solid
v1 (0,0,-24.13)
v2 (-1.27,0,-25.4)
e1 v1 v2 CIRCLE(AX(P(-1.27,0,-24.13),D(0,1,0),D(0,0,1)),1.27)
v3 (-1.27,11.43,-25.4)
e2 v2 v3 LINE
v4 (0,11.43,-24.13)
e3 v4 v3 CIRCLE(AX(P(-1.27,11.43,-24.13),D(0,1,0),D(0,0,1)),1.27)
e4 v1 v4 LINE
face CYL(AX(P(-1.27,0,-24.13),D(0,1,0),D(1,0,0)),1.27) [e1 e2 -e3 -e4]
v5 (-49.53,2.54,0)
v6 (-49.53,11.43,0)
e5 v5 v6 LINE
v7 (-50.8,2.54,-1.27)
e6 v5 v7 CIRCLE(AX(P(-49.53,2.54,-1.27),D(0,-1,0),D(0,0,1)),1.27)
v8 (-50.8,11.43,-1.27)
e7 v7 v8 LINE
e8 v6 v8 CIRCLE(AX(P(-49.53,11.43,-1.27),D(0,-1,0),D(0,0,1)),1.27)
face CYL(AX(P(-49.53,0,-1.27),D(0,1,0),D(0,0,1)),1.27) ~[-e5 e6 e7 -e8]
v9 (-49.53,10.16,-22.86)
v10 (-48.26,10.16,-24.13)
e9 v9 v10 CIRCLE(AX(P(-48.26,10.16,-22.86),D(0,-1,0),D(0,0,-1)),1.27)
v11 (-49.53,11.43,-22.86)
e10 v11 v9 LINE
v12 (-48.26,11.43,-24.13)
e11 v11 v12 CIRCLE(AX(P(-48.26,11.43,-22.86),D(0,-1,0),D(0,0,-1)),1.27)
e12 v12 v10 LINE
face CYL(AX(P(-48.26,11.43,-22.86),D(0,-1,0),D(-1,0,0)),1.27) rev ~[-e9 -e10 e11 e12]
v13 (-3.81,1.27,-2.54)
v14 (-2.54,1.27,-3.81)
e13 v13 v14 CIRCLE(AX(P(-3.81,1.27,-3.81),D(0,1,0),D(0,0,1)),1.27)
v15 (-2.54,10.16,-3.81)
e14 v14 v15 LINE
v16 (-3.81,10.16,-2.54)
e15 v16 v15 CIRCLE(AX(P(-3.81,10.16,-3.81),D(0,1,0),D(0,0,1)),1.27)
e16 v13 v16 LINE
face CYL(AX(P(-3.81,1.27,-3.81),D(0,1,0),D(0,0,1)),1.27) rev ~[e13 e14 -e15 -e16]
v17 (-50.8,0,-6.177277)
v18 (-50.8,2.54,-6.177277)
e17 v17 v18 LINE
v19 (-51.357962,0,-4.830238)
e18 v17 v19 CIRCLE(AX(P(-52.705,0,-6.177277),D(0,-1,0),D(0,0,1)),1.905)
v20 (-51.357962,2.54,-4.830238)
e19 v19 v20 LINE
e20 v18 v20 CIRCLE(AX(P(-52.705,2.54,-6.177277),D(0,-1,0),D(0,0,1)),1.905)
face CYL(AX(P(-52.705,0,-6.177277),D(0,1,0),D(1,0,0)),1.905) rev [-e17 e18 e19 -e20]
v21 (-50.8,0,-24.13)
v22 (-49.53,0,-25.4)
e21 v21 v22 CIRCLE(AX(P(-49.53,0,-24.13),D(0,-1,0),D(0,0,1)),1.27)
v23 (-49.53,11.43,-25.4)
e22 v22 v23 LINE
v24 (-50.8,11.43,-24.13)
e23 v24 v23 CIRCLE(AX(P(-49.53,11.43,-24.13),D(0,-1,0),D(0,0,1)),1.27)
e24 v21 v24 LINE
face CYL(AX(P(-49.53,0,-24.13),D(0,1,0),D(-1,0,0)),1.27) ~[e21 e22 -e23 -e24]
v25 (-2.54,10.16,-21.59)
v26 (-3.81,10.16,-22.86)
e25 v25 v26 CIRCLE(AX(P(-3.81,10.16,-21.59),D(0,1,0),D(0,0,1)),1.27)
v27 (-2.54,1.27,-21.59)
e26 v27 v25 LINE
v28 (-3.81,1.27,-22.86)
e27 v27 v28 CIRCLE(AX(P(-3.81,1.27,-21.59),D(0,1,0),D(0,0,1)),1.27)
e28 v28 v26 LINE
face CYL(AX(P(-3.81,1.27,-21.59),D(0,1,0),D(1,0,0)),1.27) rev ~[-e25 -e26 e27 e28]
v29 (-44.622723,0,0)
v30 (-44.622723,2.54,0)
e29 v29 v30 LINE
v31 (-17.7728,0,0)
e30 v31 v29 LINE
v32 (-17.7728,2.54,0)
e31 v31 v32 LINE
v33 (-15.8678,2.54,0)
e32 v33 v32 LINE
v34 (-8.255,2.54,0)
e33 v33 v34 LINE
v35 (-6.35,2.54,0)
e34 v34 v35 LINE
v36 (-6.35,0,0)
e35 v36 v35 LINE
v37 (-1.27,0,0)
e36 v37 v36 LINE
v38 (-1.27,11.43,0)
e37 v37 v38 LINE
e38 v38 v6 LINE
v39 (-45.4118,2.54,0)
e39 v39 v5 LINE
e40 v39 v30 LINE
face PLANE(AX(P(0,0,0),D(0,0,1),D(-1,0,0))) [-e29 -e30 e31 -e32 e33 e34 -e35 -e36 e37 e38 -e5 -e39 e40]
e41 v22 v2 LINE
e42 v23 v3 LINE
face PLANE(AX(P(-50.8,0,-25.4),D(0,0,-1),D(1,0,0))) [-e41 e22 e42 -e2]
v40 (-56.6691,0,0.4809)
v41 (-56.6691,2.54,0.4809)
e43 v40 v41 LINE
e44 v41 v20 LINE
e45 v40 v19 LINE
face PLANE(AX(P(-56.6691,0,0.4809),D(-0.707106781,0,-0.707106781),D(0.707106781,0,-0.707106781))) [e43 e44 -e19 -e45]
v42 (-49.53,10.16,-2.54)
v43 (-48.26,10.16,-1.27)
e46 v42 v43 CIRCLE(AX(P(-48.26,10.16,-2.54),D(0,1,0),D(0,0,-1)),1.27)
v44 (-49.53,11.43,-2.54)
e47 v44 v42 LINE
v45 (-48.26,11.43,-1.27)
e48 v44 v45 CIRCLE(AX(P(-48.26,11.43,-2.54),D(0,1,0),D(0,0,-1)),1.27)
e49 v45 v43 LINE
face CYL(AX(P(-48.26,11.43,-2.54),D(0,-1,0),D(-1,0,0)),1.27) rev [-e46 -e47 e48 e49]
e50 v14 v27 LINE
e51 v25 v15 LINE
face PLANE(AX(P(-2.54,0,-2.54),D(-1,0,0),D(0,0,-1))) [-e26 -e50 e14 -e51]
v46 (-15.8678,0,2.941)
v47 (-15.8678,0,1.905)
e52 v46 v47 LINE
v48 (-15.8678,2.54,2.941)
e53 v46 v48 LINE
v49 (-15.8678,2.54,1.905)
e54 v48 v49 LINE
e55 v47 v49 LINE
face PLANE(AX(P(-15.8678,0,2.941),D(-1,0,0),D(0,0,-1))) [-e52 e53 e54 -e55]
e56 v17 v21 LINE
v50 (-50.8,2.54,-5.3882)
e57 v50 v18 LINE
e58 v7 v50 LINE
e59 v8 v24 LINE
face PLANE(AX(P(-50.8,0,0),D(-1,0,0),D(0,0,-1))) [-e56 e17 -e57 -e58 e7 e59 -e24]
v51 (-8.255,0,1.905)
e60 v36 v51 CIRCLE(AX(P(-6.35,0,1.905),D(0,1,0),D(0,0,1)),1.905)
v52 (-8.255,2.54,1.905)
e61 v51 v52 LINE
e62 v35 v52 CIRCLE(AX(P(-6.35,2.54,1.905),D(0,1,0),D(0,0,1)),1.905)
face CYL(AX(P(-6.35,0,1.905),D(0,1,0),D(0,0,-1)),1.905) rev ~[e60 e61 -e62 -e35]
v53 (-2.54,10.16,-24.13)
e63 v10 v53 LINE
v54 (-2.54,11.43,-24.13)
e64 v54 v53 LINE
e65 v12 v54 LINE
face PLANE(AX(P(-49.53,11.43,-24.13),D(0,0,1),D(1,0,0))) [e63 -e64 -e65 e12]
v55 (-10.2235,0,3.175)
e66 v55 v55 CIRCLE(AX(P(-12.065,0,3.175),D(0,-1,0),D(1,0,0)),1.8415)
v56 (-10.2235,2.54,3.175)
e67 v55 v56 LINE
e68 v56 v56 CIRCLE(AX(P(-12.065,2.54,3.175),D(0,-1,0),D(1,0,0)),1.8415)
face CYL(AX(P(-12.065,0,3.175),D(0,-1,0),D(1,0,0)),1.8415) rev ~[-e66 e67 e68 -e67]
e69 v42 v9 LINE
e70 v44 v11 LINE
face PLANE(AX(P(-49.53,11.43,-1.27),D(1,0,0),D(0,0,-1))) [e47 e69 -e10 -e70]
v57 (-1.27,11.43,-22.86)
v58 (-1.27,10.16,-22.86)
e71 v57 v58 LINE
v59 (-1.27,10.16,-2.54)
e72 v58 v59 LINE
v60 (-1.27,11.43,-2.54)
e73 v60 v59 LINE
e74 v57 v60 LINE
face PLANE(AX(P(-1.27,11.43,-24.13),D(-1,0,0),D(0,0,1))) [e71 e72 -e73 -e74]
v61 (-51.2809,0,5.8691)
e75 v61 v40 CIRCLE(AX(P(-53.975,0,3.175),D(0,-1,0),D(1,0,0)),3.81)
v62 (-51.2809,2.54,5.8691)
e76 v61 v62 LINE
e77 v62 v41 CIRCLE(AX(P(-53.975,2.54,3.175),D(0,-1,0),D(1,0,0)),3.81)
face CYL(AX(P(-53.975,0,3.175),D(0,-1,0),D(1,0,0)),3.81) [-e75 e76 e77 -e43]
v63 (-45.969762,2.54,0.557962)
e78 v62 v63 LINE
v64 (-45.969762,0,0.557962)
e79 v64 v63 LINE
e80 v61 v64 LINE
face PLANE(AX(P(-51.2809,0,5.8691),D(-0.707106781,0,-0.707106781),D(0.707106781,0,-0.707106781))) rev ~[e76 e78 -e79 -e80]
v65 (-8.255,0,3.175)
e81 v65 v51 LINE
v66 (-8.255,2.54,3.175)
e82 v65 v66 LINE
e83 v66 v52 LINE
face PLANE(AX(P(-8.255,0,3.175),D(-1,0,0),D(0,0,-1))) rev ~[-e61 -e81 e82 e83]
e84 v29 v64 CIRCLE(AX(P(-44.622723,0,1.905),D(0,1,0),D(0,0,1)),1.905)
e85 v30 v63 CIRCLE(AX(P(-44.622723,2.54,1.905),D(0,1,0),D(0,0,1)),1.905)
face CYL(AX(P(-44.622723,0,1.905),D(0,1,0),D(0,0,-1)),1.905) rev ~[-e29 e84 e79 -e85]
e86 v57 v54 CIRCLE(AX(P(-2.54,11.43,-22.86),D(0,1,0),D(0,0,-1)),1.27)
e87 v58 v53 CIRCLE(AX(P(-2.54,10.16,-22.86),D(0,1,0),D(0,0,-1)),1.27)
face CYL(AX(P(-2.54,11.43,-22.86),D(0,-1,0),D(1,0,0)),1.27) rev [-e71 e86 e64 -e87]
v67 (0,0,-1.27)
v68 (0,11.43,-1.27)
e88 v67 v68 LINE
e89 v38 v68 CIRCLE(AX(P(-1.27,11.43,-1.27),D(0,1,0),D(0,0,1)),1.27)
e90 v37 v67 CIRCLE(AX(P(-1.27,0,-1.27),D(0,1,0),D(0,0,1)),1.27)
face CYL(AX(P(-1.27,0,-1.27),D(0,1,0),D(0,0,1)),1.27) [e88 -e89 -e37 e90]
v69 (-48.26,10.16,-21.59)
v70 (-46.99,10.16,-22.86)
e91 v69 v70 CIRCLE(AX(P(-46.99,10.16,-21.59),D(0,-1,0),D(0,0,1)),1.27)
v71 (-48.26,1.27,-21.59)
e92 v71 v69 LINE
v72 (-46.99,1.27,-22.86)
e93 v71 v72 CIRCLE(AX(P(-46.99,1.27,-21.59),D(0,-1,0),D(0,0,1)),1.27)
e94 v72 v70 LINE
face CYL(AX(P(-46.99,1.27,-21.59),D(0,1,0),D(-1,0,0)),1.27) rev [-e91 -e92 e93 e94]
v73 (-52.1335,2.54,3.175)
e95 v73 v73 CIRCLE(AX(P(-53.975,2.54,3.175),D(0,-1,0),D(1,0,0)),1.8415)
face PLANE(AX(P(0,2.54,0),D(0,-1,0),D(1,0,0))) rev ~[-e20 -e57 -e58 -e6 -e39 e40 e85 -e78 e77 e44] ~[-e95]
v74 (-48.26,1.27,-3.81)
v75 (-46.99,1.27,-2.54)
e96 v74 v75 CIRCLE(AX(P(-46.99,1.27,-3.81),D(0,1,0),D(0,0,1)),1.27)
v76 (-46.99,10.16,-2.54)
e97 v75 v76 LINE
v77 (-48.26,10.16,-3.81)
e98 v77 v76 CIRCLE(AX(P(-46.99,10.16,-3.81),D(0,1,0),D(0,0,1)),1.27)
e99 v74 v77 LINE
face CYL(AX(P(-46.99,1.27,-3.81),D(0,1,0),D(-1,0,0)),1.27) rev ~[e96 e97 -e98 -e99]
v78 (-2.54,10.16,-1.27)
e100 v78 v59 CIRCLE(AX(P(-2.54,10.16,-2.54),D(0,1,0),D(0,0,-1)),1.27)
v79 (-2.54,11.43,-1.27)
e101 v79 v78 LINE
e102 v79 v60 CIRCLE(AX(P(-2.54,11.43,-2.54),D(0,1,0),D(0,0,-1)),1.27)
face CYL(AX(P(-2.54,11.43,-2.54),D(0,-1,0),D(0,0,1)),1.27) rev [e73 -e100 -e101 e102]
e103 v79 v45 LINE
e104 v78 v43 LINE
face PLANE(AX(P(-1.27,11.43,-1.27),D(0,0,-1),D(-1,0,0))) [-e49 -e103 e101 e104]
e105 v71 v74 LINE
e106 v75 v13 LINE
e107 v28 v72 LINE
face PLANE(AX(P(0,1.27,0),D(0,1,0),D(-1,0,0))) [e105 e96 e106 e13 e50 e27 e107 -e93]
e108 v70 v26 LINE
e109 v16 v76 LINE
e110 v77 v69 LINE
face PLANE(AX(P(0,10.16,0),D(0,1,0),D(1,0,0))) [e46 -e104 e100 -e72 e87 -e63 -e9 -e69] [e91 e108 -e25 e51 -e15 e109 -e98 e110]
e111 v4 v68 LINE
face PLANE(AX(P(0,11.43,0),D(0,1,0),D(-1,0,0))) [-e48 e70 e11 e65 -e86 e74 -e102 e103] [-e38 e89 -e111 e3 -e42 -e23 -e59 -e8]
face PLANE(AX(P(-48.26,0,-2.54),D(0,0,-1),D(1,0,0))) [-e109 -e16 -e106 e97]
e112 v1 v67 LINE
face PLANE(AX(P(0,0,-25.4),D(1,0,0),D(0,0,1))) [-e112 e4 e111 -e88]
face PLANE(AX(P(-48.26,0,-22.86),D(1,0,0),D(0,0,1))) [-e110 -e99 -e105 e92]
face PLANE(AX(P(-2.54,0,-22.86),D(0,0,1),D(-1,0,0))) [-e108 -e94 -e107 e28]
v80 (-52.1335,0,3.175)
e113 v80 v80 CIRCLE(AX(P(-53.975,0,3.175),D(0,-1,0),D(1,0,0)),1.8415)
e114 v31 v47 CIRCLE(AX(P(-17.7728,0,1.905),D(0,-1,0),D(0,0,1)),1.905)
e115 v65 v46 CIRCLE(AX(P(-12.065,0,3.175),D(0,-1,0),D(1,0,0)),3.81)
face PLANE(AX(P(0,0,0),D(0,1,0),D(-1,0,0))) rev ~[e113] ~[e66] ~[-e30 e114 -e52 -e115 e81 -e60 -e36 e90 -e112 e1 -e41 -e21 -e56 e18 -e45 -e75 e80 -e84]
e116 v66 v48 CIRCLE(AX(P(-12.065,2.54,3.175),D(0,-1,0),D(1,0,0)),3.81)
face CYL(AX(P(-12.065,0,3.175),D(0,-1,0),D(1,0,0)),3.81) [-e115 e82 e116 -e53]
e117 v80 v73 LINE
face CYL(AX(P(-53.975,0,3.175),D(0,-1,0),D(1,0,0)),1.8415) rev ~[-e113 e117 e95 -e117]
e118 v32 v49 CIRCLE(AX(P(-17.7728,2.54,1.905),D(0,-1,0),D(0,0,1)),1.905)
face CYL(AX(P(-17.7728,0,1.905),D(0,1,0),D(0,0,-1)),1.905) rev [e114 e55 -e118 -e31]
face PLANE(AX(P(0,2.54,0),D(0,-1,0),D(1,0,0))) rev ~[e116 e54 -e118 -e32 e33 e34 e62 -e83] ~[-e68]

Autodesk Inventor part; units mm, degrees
ref_plane "YZ Plane" through (0, 0, 0) normal (1, 0, 0) x (0, 1, 0)
ref_plane "XZ Plane" through (0, 0, 0) normal (0, 1, 0) x (-1, 0, 0)
ref_plane "XY Plane" through (0, 0, 0) normal (0, 0, 1) x (1, 0, 0)
sketch "Sketch1" plane through (0, 0, 0) normal (0, 1, 0) x (-1, 0, 0)
  line L0 (0, 0) -> (50.8, 0)
  line L1 (50.8, 0) -> (50.8, -25.4)
  line L2 (50.8, -25.4) -> (0, -25.4)
  line L3 (0, -25.4) -> (0, 0)
  line L4 (48.26, -22.86) -> (48.26, -2.54)
  line L5 (48.26, -2.54) -> (2.54, -2.54)
  line L6 (2.54, -2.54) -> (2.54, -22.86)
  line L7 (2.54, -22.86) -> (48.26, -22.86)
  dimension "d0" = 50.8
  dimension "d1" = 25.4
  dimension "d2" = 2.54
extrude "Extrusion1" add sketch "Sketch1" along normal blind 11.43
extrude "Extrusion2" add sketch "Sketch1" along normal blind 1.27 contours L7 L6 L5 L4
sketch "Sketch2" plane through (0, 11.43, 0) normal (0, 1, 0) x (1, 0, 0)
  line L0 (-48.26, 22.86) -> (-2.54, 22.86) projected
  line L1 (-2.54, 22.86) -> (-2.54, 2.54) projected
  line L2 (-2.54, 2.54) -> (-48.26, 2.54) projected
  line L3 (-48.26, 2.54) -> (-48.26, 22.86) projected
  line L4 (-50.8, 0) -> (0, 0) projected
  line L5 (0, 0) -> (0, 25.4) projected
  line L6 (0, 25.4) -> (-50.8, 25.4) projected
  line L7 (-50.8, 25.4) -> (-50.8, 0) projected
  line L8 (-49.53, 24.13) -> (-1.27, 24.13)
  line L9 (-1.27, 24.13) -> (-1.27, 1.27)
  line L10 (-1.27, 1.27) -> (-49.53, 1.27)
  line L11 (-49.53, 1.27) -> (-49.53, 24.13)
  dimension "d7" = 1.27
extrude "Extrusion3" cut sketch "Sketch2" against normal blind 1.27 contours L8 L9 L10 L11
fillet "Fillet1" radius 1.27 12 edges at (-2.54, 5.715, -2.54) (-1.27, 10.795, -1.27) (0, 5.715, 0) (-50.8, 5.715, 0) (-49.53, 10.795, -1.27) (-48.26, 5.715, -2.54) (-50.8, 5.715, -25.4) (-49.53, 10.795, -24.13) (-48.26, 5.715, -22.86) (0, 5.715, -25.4) (-1.27, 10.795, -24.13) (-2.54, 5.715, -22.86)
sketch "Sketch3" plane through (0, 0, 0) normal (0, -1, 0) x (1, 0, 0)
  circle A0 centre (-53.975, 3.175) radius 1.8415
  circle A1 centre (-12.065, 3.175) radius 1.8415
  circle A2 centre (-53.975, 3.175) radius 3.81
  circle A3 centre (-12.065, 3.175) radius 3.81
  line L0 (-1.27, 0) -> (-49.53, 0) projected
  line L1 (-56.6691, 0.4809) -> (-50.8, -5.3882)
  line L2 (-51.2809, 5.8691) -> (-45.4118, 0)
  line L3 (-15.8678, 2.941) -> (-15.8678, 0)
  line L4 (-8.255, 3.175) -> (-8.255, 0)
  arc A4 (-1.27, -25.4) -> (0, -24.13) centre (-1.27, -24.13) ccw projected
  line L5 (0, -24.13) -> (0, -1.27) projected
  arc A5 (0, -1.27) -> (-1.27, 0) centre (-1.27, -1.27) ccw projected
  line L6 (-1.27, 0) -> (-49.53, 0) projected
  arc A6 (-49.53, 0) -> (-50.8, -1.27) centre (-49.53, -1.27) ccw projected
  line L7 (-50.8, -1.27) -> (-50.8, -24.13) projected
  arc A7 (-50.8, -24.13) -> (-49.53, -25.4) centre (-49.53, -24.13) ccw projected
  line L8 (-49.53, -25.4) -> (-1.27, -25.4) projected
  line L9 (-50.8, -24.13) -> (-50.8, -1.27) projected
  line L10 (-50.8, -5.3882) -> (-50.8, -1.27)
  arc A8 (-49.53, 0) -> (-50.8, -1.27) centre (-49.53, -1.27) ccw
  line L11 (-49.53, 0) -> (-45.4118, 0)
  point P0 (0, 0)
  dimension "d11" = 3.683
  dimension "d13" = 41.91
  dimension "d14" = 7.62
  dimension "d16" = 3.175
  dimension "d17" = 45
extrude "Extrusion4" add sketch "Sketch3" against normal blind 2.54 contours A2 | A2 L2 L0 A6 L7 L1 | L3 A3 L0 | A3 L0 | A3 L4 L0 picked at (-11.991, 0.449)
fillet "Fillet2" radius 1.905 4 edges at (-8.255, 1.27, 0) (-15.8678, 1.27, 0) (-45.4118, 1.27, 0) (-50.8, 1.27, -5.3882)
properties part number "BackupNanoCasePart1" material "ABS Plastic"
